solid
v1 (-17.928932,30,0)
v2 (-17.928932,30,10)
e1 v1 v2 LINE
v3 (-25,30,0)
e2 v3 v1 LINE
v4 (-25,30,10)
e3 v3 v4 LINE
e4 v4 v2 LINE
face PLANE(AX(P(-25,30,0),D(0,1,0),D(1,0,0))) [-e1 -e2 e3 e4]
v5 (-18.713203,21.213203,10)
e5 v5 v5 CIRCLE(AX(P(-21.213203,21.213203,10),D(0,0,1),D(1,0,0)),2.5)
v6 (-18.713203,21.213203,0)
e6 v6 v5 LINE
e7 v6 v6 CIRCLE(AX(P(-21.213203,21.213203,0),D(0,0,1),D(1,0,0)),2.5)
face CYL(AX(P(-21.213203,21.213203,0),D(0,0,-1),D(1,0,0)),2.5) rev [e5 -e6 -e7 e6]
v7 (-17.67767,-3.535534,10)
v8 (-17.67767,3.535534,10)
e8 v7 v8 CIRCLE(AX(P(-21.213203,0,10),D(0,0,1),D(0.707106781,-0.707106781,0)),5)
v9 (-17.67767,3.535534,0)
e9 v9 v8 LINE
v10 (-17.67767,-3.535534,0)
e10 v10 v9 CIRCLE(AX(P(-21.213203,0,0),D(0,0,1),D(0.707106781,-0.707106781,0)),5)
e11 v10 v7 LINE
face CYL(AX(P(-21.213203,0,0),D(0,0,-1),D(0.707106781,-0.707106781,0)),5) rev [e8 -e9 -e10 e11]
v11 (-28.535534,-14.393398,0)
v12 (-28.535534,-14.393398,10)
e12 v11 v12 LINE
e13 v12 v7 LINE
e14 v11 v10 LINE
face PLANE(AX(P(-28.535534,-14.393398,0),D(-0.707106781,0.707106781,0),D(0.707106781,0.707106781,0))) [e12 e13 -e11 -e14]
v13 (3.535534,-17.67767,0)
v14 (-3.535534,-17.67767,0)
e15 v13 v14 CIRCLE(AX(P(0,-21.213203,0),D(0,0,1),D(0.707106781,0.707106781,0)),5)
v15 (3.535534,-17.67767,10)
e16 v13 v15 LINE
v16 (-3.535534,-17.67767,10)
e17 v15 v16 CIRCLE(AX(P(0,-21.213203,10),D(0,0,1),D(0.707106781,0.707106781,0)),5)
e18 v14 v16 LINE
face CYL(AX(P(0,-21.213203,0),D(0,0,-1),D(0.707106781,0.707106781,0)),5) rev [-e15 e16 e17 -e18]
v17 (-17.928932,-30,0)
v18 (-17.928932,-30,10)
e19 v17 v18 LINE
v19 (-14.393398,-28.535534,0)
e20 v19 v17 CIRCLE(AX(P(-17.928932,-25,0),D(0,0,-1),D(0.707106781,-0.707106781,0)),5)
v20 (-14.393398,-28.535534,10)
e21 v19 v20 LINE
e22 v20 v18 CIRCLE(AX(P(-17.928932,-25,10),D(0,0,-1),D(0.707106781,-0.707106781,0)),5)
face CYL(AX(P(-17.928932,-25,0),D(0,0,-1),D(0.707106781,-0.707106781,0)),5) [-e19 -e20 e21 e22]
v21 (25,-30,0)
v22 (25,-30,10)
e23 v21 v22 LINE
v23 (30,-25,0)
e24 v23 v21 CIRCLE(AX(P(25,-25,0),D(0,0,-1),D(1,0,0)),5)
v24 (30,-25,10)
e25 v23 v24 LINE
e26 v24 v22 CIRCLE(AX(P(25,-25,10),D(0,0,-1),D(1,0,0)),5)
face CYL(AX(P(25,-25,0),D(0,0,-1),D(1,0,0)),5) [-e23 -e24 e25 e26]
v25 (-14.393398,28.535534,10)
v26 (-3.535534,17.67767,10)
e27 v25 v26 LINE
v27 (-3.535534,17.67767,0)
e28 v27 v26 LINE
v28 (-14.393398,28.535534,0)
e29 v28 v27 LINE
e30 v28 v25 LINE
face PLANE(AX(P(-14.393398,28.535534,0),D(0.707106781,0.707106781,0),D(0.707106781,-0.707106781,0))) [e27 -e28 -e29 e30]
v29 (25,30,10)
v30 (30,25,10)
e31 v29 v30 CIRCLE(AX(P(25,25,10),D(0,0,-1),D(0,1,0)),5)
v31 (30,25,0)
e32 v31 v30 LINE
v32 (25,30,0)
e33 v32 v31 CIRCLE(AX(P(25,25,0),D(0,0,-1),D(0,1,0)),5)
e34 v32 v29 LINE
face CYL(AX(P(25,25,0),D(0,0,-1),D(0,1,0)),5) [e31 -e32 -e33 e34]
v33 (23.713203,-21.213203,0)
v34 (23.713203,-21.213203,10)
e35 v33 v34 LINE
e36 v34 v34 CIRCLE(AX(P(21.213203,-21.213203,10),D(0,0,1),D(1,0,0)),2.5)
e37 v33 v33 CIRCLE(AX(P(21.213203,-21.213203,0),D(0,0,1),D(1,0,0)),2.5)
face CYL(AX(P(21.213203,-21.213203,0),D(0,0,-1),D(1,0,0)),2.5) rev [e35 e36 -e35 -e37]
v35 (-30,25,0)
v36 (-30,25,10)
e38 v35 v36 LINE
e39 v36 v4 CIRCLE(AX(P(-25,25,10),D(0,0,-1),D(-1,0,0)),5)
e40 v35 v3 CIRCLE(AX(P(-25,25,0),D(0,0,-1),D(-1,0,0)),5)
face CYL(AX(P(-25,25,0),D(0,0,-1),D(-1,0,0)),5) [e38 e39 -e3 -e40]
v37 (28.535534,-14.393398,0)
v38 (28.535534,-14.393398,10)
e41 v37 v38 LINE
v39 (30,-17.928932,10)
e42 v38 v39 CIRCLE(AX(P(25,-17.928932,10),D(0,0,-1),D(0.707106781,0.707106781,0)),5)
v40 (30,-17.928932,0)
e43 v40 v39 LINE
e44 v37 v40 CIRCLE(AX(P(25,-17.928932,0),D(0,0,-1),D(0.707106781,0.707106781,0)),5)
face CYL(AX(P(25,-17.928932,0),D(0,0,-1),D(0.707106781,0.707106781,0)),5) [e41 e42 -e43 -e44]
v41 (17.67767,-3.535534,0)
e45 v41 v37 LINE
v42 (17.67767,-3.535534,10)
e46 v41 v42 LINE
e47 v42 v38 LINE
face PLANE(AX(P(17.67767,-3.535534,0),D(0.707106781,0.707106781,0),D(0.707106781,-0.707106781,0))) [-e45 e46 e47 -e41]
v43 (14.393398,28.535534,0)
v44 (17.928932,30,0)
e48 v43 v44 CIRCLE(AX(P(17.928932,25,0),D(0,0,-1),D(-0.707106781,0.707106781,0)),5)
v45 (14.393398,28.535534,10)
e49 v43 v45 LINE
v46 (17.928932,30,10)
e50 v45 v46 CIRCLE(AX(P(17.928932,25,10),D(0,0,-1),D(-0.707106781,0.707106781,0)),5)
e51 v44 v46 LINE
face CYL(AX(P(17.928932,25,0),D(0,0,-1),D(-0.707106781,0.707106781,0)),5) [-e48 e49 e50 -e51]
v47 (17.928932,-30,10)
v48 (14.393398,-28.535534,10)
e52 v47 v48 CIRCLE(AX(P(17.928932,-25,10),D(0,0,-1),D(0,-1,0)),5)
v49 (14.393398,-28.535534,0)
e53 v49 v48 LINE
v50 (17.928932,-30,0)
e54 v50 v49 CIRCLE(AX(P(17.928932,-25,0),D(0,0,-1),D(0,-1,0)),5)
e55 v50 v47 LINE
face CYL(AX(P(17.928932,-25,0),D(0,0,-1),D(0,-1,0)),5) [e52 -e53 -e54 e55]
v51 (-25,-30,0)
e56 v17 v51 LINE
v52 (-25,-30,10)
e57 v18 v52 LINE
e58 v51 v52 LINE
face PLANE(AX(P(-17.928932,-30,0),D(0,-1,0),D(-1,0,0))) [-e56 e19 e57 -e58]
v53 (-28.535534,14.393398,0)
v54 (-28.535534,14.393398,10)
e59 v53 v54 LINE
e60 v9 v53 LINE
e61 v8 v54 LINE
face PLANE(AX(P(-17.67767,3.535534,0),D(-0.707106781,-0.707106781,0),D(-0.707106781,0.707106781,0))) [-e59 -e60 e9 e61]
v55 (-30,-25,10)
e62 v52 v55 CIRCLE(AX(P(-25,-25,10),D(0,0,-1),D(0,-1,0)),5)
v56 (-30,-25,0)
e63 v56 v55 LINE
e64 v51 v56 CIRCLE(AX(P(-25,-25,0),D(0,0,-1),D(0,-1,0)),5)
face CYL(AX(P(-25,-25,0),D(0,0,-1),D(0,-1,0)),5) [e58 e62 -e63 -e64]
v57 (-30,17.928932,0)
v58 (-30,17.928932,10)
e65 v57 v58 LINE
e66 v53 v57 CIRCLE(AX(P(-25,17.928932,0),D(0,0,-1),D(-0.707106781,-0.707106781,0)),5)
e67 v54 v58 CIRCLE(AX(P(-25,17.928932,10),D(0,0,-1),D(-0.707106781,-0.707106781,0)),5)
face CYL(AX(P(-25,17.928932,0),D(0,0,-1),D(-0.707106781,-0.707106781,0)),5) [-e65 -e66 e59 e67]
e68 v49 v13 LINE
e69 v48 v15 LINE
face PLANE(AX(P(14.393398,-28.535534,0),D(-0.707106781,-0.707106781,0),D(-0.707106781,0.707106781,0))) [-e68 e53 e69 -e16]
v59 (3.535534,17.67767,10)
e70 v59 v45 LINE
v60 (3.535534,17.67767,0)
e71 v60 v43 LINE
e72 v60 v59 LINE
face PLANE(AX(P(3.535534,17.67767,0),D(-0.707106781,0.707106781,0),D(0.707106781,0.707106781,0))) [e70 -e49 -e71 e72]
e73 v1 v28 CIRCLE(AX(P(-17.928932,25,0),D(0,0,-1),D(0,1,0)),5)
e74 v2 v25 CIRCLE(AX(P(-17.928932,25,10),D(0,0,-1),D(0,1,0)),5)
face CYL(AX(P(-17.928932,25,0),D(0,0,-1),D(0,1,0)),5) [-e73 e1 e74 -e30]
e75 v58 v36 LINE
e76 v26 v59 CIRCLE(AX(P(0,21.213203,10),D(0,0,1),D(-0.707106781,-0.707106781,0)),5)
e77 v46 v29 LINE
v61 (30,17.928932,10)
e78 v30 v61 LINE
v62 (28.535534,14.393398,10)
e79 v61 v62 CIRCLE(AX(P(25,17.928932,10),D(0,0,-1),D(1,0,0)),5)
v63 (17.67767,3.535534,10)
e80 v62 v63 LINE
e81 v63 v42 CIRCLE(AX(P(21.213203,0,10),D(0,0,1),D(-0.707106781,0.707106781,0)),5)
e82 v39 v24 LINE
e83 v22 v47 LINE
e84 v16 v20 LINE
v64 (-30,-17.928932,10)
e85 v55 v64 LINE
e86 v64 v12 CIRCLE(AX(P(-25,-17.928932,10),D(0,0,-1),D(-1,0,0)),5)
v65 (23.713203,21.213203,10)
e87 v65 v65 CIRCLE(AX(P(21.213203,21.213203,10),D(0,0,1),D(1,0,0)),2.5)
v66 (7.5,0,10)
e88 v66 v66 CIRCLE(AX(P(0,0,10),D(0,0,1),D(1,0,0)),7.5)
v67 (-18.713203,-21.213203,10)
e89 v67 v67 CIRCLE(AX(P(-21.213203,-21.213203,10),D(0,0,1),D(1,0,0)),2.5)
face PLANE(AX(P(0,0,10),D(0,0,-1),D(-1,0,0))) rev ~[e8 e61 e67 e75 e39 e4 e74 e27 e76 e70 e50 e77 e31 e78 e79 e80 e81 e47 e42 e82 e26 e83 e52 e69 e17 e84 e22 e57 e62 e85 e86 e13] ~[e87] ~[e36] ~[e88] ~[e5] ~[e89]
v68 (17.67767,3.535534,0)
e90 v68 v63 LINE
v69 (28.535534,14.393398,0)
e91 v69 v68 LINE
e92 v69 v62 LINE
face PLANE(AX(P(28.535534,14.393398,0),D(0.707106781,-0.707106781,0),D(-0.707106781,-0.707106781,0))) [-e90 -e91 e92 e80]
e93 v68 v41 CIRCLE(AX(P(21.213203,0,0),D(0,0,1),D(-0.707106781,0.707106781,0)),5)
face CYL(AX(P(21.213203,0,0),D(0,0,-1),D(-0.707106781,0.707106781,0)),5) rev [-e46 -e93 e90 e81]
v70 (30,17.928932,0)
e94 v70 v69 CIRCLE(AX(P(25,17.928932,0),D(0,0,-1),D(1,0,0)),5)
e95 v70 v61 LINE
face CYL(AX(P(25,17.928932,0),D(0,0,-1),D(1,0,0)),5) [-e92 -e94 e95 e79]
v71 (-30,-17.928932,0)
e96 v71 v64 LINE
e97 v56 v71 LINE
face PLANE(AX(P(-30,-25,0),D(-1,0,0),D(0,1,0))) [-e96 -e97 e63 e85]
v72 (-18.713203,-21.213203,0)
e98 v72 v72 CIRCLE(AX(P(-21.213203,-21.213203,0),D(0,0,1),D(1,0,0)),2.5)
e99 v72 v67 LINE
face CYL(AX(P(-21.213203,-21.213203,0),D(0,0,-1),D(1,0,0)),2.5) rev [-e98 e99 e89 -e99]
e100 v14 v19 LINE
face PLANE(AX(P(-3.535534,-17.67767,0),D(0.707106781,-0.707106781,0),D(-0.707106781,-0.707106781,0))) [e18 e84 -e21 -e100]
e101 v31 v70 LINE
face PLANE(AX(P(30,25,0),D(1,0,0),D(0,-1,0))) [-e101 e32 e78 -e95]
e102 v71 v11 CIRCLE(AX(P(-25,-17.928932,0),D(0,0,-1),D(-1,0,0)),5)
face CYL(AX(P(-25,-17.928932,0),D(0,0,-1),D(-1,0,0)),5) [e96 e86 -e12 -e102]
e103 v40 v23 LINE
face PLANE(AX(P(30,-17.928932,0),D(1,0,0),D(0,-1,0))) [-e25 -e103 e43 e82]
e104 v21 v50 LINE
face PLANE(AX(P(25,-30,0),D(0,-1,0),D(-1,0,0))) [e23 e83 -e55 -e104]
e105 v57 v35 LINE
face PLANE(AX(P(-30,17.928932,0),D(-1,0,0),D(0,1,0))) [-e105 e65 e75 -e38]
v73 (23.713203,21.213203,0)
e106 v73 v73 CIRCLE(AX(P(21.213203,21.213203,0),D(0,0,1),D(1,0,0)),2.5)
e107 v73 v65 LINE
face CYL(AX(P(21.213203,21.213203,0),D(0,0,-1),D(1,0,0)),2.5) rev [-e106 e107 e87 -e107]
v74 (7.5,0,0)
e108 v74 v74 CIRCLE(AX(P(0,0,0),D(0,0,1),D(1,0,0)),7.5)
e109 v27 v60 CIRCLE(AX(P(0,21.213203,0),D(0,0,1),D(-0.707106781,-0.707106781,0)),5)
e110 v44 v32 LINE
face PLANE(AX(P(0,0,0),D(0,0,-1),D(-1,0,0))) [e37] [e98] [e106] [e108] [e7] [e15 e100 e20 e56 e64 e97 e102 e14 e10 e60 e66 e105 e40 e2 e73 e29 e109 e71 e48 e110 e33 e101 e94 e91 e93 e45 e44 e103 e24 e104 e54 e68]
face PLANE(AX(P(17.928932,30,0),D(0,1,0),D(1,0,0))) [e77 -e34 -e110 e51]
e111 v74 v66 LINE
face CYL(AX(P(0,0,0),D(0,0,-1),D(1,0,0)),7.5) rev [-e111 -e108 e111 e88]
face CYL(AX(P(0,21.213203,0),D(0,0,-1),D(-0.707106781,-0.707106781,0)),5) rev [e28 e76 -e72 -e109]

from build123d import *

# Parameters (mm, degrees)
SKETCH1_R           = 2.5
SKETCH1_R_2         = 7.5
BOSS_EXTRUDE1_DEPTH = 10


with BuildPart() as part:
    # Sketch1 → Boss-Extrude1 (new body)
    with BuildSketch(Plane.XY):
        with BuildLine():
            Line((17.928932188, 30), (25, 30))
            ThreePointArc((25, 30), (28.535533906, 28.535533906), (30, 25))
            Line((30, 25), (30, 17.928932188))
            ThreePointArc((30, 17.928932188), (29.619397663, 16.015515026), (28.535533906, 14.393398282))
            Line((28.535533906, 14.393398282), (17.67766953, 3.535533906))
            ThreePointArc((17.67766953, 3.535533906), (16.213203436, 0), (17.67766953, -3.535533906))
            Line((17.67766953, -3.535533906), (28.535533906, -14.393398282))
            ThreePointArc((28.535533906, -14.393398282), (29.619397663, -16.015515026), (30, -17.928932188))
            Line((30, -17.928932188), (30, -25))
            ThreePointArc((30, -25), (28.535533906, -28.535533906), (25, -30))
            Line((25, -30), (17.928932188, -30))
            ThreePointArc((17.928932188, -30), (16.015515026, -29.619397663), (14.393398282, -28.535533906))
            Line((14.393398282, -28.535533906), (3.535533906, -17.67766953))
            ThreePointArc((3.535533906, -17.67766953), (0, -16.213203436), (-3.535533906, -17.67766953))
            Line((-3.535533906, -17.67766953), (-14.393398282, -28.535533906))
            ThreePointArc((-14.393398282, -28.535533906), (-16.015515026, -29.619397663), (-17.928932188, -30))
            Line((-17.928932188, -30), (-25, -30))
            ThreePointArc((-25, -30), (-28.535533906, -28.535533906), (-30, -25))
            Line((-30, -25), (-30, -17.928932188))
            ThreePointArc((-30, -17.928932188), (-29.619397663, -16.015515026), (-28.535533906, -14.393398282))
            Line((-28.535533906, -14.393398282), (-17.67766953, -3.535533906))
            ThreePointArc((-17.67766953, -3.535533906), (-16.213203436, 0), (-17.67766953, 3.535533906))
            Line((-17.67766953, 3.535533906), (-28.535533906, 14.393398282))
            ThreePointArc((-28.535533906, 14.393398282), (-29.619397663, 16.015515026), (-30, 17.928932188))
            Line((-30, 17.928932188), (-30, 25))
            ThreePointArc((-30, 25), (-28.535533906, 28.535533906), (-25, 30))
            Line((-25, 30), (-17.928932188, 30))
            ThreePointArc((-17.928932188, 30), (-16.015515026, 29.619397663), (-14.393398282, 28.535533906))
            Line((-14.393398282, 28.535533906), (-3.535533906, 17.67766953))
            ThreePointArc((-3.535533906, 17.67766953), (0, 16.213203436), (3.535533906, 17.67766953))
            Line((3.535533906, 17.67766953), (14.393398282, 28.535533906))
            ThreePointArc((14.393398282, 28.535533906), (16.015515026, 29.619397663), (17.928932188, 30))
        make_face()
        with Locations((-21.213203436, 21.213203436)):
            Circle(SKETCH1_R, mode=Mode.SUBTRACT)
        with Locations((21.213203436, 21.213203436)):
            Circle(SKETCH1_R, mode=Mode.SUBTRACT)
        with Locations((21.213203436, -21.213203436)):
            Circle(SKETCH1_R, mode=Mode.SUBTRACT)
        with Locations((-21.213203436, -21.213203436)):
            Circle(SKETCH1_R, mode=Mode.SUBTRACT)
        Circle(SKETCH1_R_2, mode=Mode.SUBTRACT)
    extrude(amount=BOSS_EXTRUDE1_DEPTH)


solid = part.part
